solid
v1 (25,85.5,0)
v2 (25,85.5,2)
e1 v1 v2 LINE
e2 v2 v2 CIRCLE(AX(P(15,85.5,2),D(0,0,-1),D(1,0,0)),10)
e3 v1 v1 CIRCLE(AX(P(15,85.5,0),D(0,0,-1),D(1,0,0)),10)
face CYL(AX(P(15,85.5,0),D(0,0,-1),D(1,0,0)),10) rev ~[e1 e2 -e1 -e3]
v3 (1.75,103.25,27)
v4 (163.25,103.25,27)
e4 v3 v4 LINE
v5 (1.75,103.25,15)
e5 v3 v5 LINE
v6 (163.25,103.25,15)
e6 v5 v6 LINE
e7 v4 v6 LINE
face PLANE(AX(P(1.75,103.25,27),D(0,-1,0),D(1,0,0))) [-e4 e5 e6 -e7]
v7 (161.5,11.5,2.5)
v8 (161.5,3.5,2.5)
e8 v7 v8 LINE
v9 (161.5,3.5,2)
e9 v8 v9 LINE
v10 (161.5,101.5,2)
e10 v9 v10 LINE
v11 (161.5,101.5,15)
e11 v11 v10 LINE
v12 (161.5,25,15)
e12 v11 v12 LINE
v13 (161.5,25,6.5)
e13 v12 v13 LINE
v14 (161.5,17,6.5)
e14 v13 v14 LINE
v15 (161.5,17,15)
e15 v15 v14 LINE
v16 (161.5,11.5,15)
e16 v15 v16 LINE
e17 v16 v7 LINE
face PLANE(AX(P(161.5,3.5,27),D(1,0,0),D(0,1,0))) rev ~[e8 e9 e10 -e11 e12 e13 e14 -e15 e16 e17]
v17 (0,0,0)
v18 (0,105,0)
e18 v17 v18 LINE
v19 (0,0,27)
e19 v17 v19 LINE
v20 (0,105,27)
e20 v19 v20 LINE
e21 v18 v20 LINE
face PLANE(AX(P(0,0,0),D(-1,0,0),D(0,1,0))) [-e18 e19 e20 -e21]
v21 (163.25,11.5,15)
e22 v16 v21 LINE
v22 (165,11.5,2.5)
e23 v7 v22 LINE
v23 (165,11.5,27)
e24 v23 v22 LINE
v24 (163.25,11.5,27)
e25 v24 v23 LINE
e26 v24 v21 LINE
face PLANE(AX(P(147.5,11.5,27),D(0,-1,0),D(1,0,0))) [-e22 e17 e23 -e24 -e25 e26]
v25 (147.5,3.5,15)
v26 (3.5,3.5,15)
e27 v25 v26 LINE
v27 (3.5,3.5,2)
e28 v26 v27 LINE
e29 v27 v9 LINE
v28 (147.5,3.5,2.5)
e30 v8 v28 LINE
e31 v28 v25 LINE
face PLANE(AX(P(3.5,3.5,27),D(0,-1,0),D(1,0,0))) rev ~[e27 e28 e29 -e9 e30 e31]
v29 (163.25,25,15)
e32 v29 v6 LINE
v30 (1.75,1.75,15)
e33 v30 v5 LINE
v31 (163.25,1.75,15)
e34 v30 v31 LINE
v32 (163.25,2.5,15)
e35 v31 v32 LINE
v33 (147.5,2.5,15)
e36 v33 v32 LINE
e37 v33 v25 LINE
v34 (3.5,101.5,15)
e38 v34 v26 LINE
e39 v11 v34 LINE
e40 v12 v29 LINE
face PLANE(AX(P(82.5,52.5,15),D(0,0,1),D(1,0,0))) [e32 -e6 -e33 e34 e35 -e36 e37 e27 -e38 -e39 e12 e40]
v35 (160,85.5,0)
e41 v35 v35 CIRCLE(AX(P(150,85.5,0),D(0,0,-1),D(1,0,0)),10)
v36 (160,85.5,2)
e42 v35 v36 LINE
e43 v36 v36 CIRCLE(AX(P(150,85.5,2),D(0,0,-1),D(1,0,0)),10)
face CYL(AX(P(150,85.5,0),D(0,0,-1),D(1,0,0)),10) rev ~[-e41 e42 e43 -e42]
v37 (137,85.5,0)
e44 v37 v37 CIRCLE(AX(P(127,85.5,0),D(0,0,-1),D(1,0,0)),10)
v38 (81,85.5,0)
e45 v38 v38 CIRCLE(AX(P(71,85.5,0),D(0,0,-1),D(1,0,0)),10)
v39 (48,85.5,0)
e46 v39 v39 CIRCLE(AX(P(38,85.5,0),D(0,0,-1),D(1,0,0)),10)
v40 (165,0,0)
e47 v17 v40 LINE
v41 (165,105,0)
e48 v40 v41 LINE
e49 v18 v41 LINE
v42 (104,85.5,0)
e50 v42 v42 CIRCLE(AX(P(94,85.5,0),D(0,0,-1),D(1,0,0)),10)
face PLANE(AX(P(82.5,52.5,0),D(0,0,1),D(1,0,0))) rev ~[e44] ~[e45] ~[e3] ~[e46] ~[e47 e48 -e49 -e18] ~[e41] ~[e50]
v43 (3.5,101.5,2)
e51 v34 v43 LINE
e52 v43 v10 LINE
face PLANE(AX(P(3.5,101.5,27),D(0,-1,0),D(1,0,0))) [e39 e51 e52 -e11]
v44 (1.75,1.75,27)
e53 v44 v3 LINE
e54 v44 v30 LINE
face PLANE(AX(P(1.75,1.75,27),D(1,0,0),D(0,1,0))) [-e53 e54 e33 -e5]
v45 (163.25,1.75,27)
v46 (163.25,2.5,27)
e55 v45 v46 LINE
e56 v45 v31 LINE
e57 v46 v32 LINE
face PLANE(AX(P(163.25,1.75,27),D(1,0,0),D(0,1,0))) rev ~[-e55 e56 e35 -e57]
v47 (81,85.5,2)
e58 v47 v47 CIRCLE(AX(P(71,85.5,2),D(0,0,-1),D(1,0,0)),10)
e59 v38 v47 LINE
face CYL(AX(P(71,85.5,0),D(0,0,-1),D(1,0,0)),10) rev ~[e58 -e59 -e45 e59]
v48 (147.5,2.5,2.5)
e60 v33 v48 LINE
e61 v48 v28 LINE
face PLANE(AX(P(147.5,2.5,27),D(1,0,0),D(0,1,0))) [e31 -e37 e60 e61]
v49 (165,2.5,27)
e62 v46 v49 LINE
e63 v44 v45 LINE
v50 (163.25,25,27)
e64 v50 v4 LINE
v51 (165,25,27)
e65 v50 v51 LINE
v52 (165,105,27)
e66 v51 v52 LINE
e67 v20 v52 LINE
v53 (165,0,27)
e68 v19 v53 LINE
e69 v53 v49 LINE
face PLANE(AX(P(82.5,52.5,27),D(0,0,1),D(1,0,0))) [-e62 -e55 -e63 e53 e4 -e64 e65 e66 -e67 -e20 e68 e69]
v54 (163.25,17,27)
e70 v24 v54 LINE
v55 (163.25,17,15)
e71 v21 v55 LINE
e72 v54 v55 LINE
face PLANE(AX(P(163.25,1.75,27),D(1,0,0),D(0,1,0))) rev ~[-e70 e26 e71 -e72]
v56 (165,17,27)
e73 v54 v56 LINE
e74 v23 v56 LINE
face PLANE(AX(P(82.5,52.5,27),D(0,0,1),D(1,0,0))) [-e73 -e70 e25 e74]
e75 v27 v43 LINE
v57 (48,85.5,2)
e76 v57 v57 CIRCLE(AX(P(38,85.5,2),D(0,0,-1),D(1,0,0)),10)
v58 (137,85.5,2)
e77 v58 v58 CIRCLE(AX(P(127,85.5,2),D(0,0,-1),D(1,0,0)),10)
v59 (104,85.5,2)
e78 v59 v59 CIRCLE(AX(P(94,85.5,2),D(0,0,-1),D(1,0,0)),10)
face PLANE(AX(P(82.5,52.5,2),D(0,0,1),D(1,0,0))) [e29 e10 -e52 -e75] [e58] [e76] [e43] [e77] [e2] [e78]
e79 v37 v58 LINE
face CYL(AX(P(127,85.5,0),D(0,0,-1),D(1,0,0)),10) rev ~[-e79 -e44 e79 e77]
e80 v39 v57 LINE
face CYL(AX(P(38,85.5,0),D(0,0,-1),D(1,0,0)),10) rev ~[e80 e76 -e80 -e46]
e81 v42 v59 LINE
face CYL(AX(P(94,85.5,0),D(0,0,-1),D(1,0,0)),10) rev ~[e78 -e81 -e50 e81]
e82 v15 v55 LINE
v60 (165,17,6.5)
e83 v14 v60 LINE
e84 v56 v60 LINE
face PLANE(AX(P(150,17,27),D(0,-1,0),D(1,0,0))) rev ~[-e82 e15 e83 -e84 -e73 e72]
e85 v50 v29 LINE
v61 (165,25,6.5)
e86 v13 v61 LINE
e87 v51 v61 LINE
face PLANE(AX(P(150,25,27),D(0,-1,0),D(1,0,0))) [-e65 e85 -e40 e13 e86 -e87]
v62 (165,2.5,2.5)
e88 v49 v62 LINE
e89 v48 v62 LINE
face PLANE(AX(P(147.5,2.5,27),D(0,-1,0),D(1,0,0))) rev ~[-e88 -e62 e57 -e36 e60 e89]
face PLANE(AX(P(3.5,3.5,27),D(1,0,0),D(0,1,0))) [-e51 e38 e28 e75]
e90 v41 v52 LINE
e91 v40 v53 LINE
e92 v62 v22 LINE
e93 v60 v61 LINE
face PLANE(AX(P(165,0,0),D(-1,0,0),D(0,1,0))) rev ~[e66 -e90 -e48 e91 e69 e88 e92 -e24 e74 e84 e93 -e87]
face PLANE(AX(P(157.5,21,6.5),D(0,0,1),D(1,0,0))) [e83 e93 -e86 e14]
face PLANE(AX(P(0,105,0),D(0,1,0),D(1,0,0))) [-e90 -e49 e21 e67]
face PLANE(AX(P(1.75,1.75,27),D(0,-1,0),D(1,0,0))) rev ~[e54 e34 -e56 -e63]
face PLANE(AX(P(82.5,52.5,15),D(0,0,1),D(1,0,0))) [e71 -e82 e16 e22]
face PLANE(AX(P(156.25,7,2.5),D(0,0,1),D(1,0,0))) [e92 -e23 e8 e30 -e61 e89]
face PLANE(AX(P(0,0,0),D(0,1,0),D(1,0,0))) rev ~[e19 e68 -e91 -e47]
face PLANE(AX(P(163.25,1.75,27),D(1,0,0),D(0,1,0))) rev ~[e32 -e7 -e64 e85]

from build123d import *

# Parameters (mm, degrees)
SKETCH_W        = 165
SKETCH_H        = 105
PAD_DEPTH       = 27
SKETCH001_W     = 158
SKETCH001_H     = 98
POCKET_DEPTH    = 25
SKETCH002_W     = 161.5
SKETCH002_H     = 101.5
POCKET001_DEPTH = 12
SKETCH003_R     = 10
POCKET002_DEPTH = 27.001
SKETCH004_W     = 17.5
SKETCH004_H     = 9
POCKET003_DEPTH = 24.5
SKETCH005_W     = 15
SKETCH005_H     = 8
POCKET004_DEPTH = 20.5


with BuildPart() as part:
    # Sketch → Pad (new body)
    with BuildSketch(Plane.XY):
        with Locations((82.5, 52.5)):
            Rectangle(SKETCH_W, SKETCH_H)
    extrude(amount=PAD_DEPTH)

    # Sketch001 → Pocket (cut)
    with BuildSketch(Plane.XY.offset(27)):
        with Locations((82.5, 52.5)):
            Rectangle(SKETCH001_W, SKETCH001_H)
    extrude(amount=-POCKET_DEPTH, mode=Mode.SUBTRACT)

    # Sketch002 → Pocket001 (cut)
    with BuildSketch(Plane.XY.offset(27)):
        with Locations((82.5, 52.5)):
            Rectangle(SKETCH002_W, SKETCH002_H)
    extrude(amount=-POCKET001_DEPTH, mode=Mode.SUBTRACT)

    # Sketch003 → Pocket002 (cut, through all)
    with BuildSketch(Plane(origin=(0, 0, 0), x_dir=(1, 0, 0), z_dir=(0, 0, -1))):
        with Locations((15, -85.5)):
            Circle(SKETCH003_R)
        with Locations((38, -85.5)):
            Circle(SKETCH003_R)
        with Locations((71, -85.5)):
            Circle(SKETCH003_R)
        with Locations((94, -85.5)):
            Circle(SKETCH003_R)
        with Locations((127, -85.5)):
            Circle(SKETCH003_R)
        with Locations((150, -85.5)):
            Circle(SKETCH003_R)
    extrude(amount=-POCKET002_DEPTH, mode=Mode.SUBTRACT)

    # Sketch004 → Pocket003 (cut)
    with BuildSketch(Plane.XY.offset(27)):
        with Locations((156.25, 7)):
            Rectangle(SKETCH004_W, SKETCH004_H)
    extrude(amount=-POCKET003_DEPTH, mode=Mode.SUBTRACT)

    # Sketch005 → Pocket004 (cut)
    with BuildSketch(Plane.XY.offset(27)):
        with Locations((157.5, 21)):
            Rectangle(SKETCH005_W, SKETCH005_H)
    extrude(amount=-POCKET004_DEPTH, mode=Mode.SUBTRACT)


solid = part.part
